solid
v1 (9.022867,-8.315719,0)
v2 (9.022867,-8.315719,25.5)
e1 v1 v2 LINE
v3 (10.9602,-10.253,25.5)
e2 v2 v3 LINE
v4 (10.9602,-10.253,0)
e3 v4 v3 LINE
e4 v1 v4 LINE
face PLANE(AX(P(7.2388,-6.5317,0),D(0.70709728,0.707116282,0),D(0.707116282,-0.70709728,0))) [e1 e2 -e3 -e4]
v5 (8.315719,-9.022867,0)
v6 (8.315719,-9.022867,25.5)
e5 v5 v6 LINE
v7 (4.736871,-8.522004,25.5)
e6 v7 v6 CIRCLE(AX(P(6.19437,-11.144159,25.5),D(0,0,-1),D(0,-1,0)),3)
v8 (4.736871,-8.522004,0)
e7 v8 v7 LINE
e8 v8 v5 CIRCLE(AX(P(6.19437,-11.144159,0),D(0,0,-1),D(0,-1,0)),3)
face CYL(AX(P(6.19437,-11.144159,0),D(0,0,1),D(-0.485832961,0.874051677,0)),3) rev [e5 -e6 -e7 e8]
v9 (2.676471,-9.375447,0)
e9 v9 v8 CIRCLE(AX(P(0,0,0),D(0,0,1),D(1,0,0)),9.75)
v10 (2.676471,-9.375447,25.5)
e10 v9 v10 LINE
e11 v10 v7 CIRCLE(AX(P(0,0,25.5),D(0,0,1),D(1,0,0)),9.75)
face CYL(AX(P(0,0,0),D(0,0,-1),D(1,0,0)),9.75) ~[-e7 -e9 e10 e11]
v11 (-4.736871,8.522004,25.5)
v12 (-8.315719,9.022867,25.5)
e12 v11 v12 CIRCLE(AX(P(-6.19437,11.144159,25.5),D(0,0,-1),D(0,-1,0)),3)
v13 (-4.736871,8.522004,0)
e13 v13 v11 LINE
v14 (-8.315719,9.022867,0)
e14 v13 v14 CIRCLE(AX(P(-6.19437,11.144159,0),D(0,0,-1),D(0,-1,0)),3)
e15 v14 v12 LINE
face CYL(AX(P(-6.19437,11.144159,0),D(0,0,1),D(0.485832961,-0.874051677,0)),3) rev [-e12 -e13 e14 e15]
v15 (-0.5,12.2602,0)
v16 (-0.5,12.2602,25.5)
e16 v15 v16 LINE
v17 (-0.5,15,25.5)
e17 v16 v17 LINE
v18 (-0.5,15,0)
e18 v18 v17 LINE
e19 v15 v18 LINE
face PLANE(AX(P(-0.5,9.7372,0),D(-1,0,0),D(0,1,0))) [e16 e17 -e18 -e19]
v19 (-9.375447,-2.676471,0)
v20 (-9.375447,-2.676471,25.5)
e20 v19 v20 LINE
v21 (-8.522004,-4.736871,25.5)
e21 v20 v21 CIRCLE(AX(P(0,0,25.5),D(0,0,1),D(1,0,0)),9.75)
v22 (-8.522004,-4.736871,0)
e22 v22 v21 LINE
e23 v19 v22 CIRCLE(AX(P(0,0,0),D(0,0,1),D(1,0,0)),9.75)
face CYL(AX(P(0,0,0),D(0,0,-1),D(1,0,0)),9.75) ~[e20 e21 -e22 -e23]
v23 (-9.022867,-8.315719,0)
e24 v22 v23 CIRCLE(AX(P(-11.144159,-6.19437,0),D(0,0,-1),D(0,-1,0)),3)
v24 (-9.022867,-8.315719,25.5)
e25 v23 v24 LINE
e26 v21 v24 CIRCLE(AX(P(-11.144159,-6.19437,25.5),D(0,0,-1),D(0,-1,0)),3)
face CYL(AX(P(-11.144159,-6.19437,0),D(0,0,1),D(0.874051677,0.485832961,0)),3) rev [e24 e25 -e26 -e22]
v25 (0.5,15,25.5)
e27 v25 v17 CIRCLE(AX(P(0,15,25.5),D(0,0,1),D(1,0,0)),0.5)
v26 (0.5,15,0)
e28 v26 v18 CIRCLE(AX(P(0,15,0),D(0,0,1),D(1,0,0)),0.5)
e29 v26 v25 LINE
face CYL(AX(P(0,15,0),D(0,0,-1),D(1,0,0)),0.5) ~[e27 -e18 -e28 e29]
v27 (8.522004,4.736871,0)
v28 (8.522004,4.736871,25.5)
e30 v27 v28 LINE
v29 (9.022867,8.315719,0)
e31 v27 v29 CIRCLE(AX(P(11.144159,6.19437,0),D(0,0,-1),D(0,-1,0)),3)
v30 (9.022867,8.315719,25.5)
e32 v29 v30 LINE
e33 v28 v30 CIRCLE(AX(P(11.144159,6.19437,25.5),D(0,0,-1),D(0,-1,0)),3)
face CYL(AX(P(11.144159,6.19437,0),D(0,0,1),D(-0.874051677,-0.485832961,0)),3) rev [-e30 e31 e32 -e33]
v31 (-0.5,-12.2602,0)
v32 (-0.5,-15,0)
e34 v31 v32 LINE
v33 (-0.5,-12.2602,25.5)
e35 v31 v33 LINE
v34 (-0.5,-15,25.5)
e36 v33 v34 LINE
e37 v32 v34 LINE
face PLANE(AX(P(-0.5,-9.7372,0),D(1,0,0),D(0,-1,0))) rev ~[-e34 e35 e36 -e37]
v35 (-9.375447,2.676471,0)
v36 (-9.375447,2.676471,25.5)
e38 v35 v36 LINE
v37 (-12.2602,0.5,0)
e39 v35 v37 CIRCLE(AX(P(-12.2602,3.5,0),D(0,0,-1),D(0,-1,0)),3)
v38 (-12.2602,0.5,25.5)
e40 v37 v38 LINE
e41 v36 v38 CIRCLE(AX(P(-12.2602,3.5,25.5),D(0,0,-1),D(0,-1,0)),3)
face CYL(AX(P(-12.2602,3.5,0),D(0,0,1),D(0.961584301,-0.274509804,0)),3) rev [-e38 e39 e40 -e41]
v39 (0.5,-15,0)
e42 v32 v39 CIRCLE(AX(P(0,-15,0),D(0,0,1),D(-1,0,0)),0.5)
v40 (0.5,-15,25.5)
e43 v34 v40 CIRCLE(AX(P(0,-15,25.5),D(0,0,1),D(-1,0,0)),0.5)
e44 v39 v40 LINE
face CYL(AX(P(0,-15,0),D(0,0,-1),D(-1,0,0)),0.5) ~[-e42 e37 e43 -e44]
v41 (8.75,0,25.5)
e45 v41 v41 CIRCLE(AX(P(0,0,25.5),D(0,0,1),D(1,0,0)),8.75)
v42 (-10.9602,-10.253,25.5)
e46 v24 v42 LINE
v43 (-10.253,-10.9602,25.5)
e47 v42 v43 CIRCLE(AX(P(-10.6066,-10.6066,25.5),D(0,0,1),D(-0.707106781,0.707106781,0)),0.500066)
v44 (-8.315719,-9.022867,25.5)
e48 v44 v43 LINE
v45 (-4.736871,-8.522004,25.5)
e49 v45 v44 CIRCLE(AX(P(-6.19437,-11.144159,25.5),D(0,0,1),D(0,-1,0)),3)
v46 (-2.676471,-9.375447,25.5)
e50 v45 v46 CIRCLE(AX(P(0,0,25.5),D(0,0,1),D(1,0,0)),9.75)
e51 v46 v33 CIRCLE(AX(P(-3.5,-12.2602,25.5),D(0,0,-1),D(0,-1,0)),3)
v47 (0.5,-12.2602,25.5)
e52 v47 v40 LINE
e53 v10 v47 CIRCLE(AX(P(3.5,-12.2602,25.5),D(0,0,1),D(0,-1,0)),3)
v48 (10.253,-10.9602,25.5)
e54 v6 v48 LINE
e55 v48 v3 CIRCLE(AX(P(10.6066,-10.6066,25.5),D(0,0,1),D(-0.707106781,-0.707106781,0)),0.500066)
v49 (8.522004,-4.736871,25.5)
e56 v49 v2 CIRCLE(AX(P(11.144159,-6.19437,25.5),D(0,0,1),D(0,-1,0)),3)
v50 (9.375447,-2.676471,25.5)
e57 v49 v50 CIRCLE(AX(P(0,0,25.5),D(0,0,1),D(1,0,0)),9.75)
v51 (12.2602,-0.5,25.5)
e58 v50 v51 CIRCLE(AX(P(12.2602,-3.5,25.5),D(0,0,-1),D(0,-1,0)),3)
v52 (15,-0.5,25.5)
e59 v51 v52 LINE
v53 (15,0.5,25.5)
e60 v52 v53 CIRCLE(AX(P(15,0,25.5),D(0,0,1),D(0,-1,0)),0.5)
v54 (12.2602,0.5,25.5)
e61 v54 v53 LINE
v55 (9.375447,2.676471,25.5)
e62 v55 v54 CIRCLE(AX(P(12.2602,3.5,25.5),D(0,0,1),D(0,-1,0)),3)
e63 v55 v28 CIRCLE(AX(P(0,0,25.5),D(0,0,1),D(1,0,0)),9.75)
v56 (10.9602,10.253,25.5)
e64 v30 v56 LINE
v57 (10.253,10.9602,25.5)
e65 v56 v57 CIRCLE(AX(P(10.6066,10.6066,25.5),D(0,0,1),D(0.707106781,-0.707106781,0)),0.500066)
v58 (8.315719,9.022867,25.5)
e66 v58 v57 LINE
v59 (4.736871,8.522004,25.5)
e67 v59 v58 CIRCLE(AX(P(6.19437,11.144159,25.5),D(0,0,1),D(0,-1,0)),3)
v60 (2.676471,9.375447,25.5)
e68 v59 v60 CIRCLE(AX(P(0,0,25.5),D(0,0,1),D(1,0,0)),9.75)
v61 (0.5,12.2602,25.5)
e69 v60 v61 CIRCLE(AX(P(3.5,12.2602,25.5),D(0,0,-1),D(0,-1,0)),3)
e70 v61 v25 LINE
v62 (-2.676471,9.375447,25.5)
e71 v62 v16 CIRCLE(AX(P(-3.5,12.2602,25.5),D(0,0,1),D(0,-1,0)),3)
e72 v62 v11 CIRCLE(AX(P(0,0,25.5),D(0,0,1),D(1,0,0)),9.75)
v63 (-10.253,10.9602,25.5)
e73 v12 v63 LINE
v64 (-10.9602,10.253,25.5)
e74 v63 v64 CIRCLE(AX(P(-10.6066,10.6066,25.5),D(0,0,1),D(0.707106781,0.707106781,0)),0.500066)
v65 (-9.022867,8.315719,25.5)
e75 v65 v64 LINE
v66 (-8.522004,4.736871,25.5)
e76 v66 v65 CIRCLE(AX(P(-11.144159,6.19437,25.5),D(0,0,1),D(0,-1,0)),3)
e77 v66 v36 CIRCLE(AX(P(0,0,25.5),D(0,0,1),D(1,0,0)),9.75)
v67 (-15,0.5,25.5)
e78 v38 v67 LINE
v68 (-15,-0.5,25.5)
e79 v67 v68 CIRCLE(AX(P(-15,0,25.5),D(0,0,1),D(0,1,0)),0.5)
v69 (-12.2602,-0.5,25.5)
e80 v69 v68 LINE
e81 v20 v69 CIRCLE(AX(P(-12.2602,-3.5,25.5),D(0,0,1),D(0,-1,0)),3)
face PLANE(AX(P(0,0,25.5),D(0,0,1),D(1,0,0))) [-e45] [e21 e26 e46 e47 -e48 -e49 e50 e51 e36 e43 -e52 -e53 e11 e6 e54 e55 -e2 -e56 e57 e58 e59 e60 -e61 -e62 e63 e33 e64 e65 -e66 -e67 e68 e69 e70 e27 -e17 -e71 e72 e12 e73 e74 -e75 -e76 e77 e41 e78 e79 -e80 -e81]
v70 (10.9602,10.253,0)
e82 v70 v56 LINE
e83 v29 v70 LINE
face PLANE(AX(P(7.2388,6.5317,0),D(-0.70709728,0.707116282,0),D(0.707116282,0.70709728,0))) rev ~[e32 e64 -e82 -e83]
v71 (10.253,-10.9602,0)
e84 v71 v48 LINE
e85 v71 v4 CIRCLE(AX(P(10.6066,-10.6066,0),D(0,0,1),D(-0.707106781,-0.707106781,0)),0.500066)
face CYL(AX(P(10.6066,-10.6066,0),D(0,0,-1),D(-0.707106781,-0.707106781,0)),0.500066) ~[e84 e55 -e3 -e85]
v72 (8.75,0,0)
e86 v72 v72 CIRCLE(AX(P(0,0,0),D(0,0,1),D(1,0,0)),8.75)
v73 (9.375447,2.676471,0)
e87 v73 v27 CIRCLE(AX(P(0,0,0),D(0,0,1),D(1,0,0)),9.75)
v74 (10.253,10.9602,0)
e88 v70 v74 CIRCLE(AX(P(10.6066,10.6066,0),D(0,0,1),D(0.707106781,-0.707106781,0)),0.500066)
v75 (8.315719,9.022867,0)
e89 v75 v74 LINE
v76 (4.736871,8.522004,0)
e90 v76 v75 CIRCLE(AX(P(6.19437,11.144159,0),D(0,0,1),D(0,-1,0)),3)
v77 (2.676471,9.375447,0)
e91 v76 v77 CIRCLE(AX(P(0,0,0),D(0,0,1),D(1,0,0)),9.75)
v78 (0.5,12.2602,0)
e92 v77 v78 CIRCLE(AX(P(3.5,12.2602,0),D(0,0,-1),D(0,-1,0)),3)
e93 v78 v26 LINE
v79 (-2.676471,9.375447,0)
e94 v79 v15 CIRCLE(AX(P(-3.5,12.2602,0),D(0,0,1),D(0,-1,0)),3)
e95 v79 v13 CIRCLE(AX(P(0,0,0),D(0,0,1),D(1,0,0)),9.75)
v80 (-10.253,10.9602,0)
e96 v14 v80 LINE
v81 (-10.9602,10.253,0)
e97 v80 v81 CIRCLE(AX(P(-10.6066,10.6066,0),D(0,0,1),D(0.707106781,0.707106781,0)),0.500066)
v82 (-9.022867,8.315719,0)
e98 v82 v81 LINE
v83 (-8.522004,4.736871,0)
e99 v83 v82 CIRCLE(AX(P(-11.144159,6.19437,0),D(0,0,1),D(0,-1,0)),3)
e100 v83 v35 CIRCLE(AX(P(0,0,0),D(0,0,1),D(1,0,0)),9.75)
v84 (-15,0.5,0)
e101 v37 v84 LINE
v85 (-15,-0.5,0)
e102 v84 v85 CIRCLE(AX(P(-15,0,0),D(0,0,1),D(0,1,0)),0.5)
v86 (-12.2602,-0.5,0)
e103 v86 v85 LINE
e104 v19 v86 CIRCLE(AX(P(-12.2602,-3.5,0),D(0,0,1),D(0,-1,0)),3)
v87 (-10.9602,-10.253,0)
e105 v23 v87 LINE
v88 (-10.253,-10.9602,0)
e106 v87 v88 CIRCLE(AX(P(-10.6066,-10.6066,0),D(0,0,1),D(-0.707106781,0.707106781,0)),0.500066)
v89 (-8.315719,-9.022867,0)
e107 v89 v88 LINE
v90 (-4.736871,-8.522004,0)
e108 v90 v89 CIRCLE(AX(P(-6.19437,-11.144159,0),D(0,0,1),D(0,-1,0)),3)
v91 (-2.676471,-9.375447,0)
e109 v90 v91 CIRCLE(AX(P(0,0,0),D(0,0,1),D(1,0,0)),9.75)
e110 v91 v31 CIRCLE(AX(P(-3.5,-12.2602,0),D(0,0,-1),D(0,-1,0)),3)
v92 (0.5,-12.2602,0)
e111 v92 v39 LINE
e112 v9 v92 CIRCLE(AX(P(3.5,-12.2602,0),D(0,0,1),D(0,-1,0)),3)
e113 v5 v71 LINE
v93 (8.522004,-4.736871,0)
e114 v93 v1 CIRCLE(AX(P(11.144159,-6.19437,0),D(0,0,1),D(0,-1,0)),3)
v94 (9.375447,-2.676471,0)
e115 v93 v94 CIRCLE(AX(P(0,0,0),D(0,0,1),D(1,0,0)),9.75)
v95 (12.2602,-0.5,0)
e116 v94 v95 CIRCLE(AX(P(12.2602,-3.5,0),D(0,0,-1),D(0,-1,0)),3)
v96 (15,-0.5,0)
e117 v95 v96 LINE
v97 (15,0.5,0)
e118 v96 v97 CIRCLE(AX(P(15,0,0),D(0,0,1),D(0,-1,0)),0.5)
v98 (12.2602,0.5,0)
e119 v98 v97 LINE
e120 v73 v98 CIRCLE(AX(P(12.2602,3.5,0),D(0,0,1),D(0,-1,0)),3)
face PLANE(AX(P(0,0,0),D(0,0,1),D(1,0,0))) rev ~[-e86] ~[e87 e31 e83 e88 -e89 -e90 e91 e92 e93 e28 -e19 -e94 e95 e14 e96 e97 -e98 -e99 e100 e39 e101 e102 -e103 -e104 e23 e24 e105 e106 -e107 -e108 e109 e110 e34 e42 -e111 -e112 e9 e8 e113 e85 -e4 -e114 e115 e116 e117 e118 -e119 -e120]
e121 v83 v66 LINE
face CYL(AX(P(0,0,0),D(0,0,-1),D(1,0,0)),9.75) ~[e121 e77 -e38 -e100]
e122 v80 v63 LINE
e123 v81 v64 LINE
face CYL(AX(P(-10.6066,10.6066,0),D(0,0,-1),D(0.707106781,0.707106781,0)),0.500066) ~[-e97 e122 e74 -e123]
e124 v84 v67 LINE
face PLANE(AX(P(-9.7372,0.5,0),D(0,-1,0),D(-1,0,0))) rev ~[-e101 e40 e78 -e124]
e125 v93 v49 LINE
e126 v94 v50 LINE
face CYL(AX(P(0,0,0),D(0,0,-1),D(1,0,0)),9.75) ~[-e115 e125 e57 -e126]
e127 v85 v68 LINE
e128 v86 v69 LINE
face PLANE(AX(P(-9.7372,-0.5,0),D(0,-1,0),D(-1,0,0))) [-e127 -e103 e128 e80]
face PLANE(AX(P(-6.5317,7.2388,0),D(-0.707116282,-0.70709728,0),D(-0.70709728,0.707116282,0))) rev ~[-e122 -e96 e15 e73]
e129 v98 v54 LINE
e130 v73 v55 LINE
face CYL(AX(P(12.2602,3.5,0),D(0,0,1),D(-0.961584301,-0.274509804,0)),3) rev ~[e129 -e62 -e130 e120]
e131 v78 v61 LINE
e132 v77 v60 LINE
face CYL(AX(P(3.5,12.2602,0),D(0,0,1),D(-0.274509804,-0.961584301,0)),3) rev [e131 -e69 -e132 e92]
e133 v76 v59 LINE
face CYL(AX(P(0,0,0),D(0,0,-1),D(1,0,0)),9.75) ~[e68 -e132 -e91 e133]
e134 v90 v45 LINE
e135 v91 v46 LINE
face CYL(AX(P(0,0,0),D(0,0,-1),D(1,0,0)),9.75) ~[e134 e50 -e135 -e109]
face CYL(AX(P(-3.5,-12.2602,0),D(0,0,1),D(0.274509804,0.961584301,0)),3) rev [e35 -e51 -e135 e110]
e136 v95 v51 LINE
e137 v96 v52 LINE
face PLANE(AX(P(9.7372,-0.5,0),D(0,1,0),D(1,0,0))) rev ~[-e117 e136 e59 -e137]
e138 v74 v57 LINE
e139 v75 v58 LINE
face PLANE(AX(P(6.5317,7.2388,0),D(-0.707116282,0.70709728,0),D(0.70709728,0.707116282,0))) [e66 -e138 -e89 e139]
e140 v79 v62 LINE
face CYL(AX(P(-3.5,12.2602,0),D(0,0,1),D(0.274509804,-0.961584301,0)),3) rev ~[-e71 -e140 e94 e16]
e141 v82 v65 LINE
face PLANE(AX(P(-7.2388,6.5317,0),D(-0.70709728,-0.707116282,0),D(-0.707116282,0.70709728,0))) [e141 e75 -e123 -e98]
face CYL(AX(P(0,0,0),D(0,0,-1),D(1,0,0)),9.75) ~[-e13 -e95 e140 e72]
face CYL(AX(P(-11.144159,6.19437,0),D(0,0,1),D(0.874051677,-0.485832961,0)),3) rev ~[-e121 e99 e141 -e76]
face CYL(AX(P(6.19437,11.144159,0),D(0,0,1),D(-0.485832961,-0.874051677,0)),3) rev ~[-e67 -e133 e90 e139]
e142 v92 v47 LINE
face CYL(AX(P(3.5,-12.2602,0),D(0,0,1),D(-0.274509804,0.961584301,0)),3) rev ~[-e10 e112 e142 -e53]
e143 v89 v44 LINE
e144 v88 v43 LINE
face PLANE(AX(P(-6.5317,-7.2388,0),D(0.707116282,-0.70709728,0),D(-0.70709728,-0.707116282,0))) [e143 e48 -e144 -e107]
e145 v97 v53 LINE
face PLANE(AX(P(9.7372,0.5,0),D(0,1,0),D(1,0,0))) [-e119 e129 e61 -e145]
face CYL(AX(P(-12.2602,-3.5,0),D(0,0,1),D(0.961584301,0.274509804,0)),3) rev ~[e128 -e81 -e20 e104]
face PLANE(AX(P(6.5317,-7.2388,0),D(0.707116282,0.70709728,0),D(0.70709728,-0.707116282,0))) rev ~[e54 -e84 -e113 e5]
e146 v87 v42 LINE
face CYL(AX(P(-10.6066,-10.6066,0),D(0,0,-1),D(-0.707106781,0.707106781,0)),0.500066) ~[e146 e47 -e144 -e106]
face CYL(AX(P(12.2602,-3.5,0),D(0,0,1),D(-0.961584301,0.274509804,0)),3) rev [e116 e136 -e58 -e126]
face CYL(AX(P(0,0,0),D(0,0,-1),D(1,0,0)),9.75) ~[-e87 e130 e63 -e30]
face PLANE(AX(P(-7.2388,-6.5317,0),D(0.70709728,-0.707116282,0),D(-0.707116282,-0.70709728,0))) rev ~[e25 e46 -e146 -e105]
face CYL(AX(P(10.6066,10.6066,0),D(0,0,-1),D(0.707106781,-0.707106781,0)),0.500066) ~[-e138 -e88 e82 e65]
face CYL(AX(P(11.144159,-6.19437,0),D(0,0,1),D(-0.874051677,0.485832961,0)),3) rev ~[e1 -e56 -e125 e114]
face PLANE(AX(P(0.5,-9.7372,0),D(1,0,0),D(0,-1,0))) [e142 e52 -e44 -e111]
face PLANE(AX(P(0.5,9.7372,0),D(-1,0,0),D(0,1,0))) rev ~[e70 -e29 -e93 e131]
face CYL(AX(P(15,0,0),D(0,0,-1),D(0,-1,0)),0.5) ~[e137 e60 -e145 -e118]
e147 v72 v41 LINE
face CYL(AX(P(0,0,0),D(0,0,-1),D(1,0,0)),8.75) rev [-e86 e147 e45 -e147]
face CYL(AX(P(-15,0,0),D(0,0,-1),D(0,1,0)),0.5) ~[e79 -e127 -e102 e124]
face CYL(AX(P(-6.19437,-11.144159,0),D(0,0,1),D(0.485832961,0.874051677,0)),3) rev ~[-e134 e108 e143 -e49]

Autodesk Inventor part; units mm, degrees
ref_plane "YZ Plane" through (0, 0, 0) normal (1, 0, 0) x (0, 1, 0)
ref_plane "XZ Plane" through (0, 0, 0) normal (0, 1, 0) x (-1, 0, 0)
ref_plane "XY Plane" through (0, 0, 0) normal (0, 0, 1) x (1, 0, 0)
sketch "Sketch1" plane through (0, 0, 0) normal (0, 0, 1) x (1, 0, 0)
  circle A0 centre (0, 0) radius 8.75
  circle A1 centre (0, 0) radius 9.75
  line L0 (9.7372, 0.5) -> (15, 0.5)
  line L1 (9.7372, -0.5) -> (15, -0.5)
  arc A2 (15, -0.5) -> (15, 0.5) centre (15, 0) ccw
  line L2 (0, 0) -> (15, 0) construction
  line L3 (6.5317, 7.2388) -> (10.253, 10.9602)
  arc A3 (10.9602, 10.253) -> (10.253, 10.9602) centre (10.6066, 10.6066) ccw
  line L4 (7.2388, 6.5317) -> (10.9602, 10.253)
  line L5 (-0.5, 9.7372) -> (-0.5, 15)
  arc A4 (0.5, 15) -> (-0.5, 15) centre (0, 15) ccw
  line L6 (0.5, 9.7372) -> (0.5, 15)
  line L7 (-7.2388, 6.5317) -> (-10.9602, 10.253)
  arc A5 (-10.253, 10.9602) -> (-10.9602, 10.253) centre (-10.6066, 10.6066) ccw
  line L8 (-6.5317, 7.2388) -> (-10.253, 10.9602)
  line L9 (-9.7372, -0.5) -> (-15, -0.5)
  arc A6 (-15, 0.5) -> (-15, -0.5) centre (-15, 0) ccw
  line L10 (-9.7372, 0.5) -> (-15, 0.5)
  circle A7 centre (0, 0) radius 15.5 construction
  line L11 (-6.5317, -7.2388) -> (-10.253, -10.9602)
  arc A8 (-10.9602, -10.253) -> (-10.253, -10.9602) centre (-10.6066, -10.6066) ccw
  line L12 (-7.2388, -6.5317) -> (-10.9602, -10.253)
  line L13 (0.5, -9.7372) -> (0.5, -15)
  arc A9 (-0.5, -15) -> (0.5, -15) centre (0, -15) ccw
  line L14 (-0.5, -9.7372) -> (-0.5, -15)
  line L15 (7.2388, -6.5317) -> (10.9602, -10.253)
  arc A10 (10.253, -10.9602) -> (10.9602, -10.253) centre (10.6066, -10.6066) ccw
  line L16 (6.5317, -7.2388) -> (10.253, -10.9602)
  point P0 (-7.2388, 6.5317)
  point P1 (-9.7372, 0.5)
  point P2 (7.2388, 6.5317)
  point P3 (6.5317, 7.2388)
  point P4 (0.5, 9.7372)
  point P5 (-6.5317, 7.2388)
  point P6 (-6.5317, -7.2388)
  point P7 (-7.2388, -6.5317)
  point P8 (7.2388, -6.5317)
  point P9 (6.5317, -7.2388)
  point P10 (0.5, -9.7372)
  point P11 (-0.5, -9.7372)
  dimension "d1" = 1
  dimension "d2" = 1
  dimension "d5" = 15
  dimension "d8" = 360
  dimension "d13" = 31
  dimension "d15" = 17.5
extrude "Extrusion1" add sketch "Sketch1" along normal blind 25.5
fillet "Fillet1" radius 3 16 edges at (9.7372, 0.5, 12.75) (7.2388, 6.5317, 12.75) (-0.5, 9.7372, 12.75) (9.7372, -0.5, 12.75) (-9.7372, 0.5, 12.75) (-9.7372, -0.5, 12.75) (-7.2388, 6.5317, 12.75) (-6.5317, 7.2388, 12.75) (0.5, 9.7372, 12.75) (6.5317, 7.2388, 12.75) (-6.5317, -7.2388, 12.75) (-7.2388, -6.5317, 12.75) (-0.5, -9.7372, 12.75) (0.5, -9.7372, 12.75) (6.5317, -7.2388, 12.75) (7.2388, -6.5317, 12.75)
properties part number "Valvula V2"
